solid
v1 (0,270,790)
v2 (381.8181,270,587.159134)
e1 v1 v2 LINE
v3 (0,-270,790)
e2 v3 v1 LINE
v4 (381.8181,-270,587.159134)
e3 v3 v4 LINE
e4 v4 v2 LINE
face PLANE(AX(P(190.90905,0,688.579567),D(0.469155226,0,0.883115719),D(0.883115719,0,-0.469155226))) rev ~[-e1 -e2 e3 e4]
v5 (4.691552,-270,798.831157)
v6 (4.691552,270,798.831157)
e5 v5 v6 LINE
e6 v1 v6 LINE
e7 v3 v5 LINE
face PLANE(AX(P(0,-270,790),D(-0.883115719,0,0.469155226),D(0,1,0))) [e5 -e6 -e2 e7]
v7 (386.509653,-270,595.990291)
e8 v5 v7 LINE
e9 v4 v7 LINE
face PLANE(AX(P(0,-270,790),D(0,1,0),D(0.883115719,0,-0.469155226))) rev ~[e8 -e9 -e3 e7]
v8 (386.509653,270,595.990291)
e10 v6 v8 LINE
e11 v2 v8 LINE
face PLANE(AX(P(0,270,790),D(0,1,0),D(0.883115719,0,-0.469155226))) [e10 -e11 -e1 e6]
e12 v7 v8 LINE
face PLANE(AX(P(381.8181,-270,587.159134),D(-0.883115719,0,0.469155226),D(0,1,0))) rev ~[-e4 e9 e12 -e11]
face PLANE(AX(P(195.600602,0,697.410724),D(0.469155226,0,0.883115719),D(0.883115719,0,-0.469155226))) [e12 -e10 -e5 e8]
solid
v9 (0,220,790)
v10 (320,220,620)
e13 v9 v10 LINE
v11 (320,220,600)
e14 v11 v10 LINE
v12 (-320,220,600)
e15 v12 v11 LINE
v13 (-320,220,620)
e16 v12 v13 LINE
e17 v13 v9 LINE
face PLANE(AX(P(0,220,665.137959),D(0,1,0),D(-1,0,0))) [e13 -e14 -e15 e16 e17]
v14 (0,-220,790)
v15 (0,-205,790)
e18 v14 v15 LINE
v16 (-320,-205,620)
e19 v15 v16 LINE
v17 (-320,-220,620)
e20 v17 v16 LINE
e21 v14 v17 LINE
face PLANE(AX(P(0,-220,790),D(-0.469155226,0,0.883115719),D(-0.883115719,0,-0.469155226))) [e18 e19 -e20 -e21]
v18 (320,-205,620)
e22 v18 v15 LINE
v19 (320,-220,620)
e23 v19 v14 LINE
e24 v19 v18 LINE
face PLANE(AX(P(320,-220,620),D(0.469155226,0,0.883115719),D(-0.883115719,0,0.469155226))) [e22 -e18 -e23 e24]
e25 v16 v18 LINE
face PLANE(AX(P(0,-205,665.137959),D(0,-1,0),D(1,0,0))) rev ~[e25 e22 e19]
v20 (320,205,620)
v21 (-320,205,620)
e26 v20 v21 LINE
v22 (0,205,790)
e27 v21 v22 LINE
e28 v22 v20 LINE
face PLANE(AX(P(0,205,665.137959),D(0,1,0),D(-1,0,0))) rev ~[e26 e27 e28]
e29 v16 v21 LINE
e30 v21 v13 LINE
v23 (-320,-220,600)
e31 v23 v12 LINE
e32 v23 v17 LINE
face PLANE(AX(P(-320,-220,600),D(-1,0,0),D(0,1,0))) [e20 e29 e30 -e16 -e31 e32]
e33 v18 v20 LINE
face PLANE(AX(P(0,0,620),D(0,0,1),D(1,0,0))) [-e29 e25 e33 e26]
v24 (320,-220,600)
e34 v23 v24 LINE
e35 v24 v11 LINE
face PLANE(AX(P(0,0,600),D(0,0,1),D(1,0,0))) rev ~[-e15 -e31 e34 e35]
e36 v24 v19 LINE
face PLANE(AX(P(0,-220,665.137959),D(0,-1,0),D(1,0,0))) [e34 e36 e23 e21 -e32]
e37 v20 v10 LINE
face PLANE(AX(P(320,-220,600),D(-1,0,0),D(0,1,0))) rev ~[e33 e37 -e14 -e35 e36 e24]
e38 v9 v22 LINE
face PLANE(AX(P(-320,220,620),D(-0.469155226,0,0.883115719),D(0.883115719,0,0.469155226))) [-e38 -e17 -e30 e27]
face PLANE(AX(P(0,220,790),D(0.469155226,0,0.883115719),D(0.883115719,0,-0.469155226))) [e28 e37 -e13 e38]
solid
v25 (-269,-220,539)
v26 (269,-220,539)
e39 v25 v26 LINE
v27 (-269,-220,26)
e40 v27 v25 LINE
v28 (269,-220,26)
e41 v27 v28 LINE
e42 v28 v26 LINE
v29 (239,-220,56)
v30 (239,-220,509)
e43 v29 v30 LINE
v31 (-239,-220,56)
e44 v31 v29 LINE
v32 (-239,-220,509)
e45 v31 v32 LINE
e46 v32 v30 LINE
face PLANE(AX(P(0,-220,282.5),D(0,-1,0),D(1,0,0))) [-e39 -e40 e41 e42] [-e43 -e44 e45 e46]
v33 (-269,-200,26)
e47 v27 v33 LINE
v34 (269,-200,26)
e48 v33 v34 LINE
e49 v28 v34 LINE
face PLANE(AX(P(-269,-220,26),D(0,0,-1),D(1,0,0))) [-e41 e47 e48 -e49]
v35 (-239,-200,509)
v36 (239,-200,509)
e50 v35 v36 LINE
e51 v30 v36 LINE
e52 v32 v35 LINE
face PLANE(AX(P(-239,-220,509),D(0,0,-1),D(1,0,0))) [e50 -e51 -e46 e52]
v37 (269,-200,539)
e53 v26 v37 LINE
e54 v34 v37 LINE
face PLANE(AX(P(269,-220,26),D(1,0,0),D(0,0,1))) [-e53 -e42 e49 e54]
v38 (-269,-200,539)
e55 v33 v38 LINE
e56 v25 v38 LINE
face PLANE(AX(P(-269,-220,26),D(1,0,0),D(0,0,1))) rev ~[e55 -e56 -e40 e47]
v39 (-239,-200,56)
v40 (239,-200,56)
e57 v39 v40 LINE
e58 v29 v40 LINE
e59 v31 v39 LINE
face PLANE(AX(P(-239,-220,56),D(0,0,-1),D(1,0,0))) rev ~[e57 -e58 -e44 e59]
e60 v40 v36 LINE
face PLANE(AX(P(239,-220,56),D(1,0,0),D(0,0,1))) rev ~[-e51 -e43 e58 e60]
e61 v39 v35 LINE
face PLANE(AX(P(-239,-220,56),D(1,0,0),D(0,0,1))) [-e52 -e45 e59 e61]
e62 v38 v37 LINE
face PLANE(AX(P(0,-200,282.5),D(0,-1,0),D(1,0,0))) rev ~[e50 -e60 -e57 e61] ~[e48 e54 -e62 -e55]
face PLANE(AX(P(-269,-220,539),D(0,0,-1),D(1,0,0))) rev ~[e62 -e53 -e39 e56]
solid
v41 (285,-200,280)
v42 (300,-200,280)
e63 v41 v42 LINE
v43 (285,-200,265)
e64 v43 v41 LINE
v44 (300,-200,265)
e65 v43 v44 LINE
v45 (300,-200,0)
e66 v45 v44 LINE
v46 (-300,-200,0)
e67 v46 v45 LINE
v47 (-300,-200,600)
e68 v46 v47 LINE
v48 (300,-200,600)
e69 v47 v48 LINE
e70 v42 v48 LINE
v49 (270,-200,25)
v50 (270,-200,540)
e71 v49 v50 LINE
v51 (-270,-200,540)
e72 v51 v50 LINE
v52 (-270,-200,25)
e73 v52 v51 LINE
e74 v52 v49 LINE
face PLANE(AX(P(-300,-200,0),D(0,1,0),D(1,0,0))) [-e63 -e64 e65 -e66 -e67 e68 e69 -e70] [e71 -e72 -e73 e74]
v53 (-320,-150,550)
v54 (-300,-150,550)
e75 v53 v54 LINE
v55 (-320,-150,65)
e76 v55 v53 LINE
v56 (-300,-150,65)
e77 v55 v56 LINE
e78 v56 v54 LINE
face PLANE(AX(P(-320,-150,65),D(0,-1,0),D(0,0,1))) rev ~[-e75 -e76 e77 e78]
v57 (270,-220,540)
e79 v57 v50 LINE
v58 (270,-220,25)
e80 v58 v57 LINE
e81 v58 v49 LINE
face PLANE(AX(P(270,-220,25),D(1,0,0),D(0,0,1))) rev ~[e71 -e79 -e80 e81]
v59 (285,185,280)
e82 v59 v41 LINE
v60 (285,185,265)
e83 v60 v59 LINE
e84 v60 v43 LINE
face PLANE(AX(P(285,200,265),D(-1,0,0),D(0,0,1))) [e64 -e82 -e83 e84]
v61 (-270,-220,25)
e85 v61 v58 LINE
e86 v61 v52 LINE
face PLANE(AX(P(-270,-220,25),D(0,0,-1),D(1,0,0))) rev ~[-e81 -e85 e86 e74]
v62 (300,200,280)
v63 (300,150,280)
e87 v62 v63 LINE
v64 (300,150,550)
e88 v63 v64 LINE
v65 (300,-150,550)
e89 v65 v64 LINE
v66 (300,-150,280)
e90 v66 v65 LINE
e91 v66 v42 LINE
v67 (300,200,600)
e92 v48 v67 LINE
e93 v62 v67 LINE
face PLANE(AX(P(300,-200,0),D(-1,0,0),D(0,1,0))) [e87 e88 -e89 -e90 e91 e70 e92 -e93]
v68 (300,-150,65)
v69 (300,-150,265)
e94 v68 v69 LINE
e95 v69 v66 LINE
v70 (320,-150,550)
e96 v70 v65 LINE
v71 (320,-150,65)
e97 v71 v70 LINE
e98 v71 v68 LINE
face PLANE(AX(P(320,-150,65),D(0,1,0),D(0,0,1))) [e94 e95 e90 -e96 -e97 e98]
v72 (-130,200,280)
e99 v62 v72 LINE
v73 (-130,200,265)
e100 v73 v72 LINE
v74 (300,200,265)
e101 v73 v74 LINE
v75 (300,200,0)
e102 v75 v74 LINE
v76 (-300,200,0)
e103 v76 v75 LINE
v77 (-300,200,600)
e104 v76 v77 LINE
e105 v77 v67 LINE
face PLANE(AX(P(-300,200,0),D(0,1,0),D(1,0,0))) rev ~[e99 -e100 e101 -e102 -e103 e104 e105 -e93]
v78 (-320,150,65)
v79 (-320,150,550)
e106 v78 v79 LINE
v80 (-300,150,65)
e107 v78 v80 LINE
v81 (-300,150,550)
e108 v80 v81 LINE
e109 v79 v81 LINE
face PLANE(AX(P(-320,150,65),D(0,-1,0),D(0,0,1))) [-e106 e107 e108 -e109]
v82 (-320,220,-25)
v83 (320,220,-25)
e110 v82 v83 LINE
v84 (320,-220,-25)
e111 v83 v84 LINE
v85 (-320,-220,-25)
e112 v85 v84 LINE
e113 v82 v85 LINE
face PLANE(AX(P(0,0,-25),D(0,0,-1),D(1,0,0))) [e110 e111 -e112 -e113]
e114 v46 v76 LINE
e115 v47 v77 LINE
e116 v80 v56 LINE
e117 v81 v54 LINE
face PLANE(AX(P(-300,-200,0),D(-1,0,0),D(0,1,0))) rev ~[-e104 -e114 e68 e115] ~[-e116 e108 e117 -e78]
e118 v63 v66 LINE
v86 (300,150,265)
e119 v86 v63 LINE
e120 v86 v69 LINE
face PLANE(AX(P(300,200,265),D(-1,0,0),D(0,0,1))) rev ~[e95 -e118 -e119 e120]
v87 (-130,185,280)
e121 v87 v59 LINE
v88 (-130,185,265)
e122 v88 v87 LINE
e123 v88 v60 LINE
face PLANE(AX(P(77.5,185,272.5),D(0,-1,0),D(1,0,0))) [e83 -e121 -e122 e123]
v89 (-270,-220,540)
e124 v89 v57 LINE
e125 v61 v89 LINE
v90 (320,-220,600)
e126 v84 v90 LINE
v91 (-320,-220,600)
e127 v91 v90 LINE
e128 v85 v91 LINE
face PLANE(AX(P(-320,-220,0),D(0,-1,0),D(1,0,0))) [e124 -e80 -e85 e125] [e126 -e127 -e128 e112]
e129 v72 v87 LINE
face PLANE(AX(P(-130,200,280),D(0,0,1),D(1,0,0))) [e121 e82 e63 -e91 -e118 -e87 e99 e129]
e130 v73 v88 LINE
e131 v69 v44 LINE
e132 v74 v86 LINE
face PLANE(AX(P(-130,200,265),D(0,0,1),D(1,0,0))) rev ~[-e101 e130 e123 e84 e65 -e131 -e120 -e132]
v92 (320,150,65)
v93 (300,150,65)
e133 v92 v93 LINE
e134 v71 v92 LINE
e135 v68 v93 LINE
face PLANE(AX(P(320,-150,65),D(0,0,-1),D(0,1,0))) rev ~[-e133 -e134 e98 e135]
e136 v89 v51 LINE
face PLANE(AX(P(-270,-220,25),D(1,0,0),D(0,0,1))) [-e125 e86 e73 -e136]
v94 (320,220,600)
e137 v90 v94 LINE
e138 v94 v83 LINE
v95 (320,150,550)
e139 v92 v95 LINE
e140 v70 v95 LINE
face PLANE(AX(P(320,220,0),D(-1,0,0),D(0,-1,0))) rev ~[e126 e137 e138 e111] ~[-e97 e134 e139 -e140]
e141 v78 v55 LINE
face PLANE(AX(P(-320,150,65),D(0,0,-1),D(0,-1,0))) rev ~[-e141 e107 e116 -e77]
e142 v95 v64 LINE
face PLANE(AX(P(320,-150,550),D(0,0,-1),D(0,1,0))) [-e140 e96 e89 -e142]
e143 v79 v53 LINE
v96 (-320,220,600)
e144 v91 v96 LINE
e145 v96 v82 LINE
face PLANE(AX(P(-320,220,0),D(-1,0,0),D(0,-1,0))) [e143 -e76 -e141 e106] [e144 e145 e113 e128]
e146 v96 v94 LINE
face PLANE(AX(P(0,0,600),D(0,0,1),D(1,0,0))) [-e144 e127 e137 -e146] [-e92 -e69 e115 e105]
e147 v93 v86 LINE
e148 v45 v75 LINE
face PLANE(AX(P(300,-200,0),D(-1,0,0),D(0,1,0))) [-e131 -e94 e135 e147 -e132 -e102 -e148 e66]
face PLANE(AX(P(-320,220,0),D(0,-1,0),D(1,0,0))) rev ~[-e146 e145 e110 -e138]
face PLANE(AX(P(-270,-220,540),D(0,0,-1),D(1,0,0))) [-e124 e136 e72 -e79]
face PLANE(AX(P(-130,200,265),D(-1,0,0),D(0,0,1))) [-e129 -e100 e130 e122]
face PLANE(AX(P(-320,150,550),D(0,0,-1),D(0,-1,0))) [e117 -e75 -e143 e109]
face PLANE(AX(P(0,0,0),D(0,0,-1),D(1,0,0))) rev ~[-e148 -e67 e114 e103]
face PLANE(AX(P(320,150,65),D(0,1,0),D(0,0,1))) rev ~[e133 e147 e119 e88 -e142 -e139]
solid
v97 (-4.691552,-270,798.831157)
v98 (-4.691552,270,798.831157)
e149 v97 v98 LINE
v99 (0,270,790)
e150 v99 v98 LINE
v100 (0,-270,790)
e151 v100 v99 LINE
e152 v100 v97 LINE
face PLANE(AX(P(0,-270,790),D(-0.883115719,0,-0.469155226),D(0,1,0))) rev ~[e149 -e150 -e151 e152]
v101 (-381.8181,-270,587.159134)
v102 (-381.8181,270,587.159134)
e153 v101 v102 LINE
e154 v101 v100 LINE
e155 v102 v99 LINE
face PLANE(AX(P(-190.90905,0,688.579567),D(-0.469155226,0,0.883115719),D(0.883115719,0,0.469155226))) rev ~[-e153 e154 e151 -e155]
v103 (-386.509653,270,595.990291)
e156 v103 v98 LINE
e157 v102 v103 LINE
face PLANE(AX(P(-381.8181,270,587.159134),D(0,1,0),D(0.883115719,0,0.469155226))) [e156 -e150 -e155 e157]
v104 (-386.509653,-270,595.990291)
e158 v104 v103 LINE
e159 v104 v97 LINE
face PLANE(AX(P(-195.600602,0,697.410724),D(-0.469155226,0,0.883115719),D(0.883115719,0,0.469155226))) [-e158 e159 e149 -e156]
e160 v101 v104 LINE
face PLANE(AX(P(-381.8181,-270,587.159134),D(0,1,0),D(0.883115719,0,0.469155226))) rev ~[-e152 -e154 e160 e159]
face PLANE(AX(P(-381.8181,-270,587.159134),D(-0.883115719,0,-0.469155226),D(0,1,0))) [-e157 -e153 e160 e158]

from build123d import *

# Parameters (mm, degrees)
F0_W      = 640
F0_H      = 440
F0_W_2    = 600
F0_H_2    = 400
F1_DEPTH  = 600
F2_W      = 640
F2_H      = 440
F3_DEPTH  = 20
F4_W      = 300
F4_H      = 485
F5_DEPTH  = 20
F6_W      = 540
F6_H      = 515
F7_DEPTH  = 20
F8_W      = 300
F8_H      = 485
F9_DEPTH  = 640.001
F10_W     = 640
F10_H     = 440
F11_DEPTH = 25
F13_W     = 15
F13_H     = 15
F14_DEPTH = 400
F15_W     = 415
F15_H     = 15
F16_DEPTH = 15
F18_DEPTH = 15
F20_DEPTH = 15
F21_W     = 432.3534186399
F21_H     = 540
F23_DEPTH = 10
F22_W     = 432.3534186399
F22_H     = 540
F24_DEPTH = 10
F25_W     = 538
F25_H     = 513
F25_W_2   = 478
F25_H_2   = 453
F26_DEPTH = 20


with BuildPart() as f1:
    # F0 (on Top) → F1 (new body)
    with BuildSketch(Plane.XY):
        Rectangle(F0_W, F0_H)
        Rectangle(F0_W_2, F0_H_2, mode=Mode.SUBTRACT)
    extrude(amount=F1_DEPTH)

    # F4 (on face) → F5 (cut)
    with BuildSketch(Plane.YZ.offset(320)):
        with Locations((0, 307.5)):
            Rectangle(F4_W, F4_H)
    extrude(amount=-F5_DEPTH, mode=Mode.SUBTRACT)

    # F6 (on face) → F7 (cut)
    with BuildSketch(Plane.XZ.offset(220)):
        with Locations((0, 282.5)):
            Rectangle(F6_W, F6_H)
    extrude(amount=-F7_DEPTH, mode=Mode.SUBTRACT)

    # F8 (on face) → F9 (cut, through all)
    with BuildSketch(Plane(origin=(-320, 0, 0), x_dir=(0, -1, 0), z_dir=(-1, 0, 0))):
        with Locations((0, 307.5)):
            Rectangle(F8_W, F8_H)
    extrude(amount=-F9_DEPTH, mode=Mode.SUBTRACT)

    # F10 (on face) → F11 (join)
    with BuildSketch(Plane(origin=(0, 0, 0), x_dir=(1, 0, 0), z_dir=(0, 0, -1))):
        Rectangle(F10_W, F10_H)
    extrude(amount=F11_DEPTH)

    # F13 (on face) → F14 (join, through all)
    with BuildSketch(Plane.XZ.offset(-200)):
        with Locations((292.5, 272.5)):
            Rectangle(F13_W, F13_H)
    extrude(amount=F14_DEPTH)

    # F15 (on face) → F16 (join)
    with BuildSketch(Plane.XZ.offset(-200)):
        with Locations((77.5, 272.5)):
            Rectangle(F15_W, F15_H)
    extrude(amount=F16_DEPTH)


with BuildPart() as f3:
    # F2 (on face) → F3 (new body)
    with BuildSketch(Plane.XY.offset(600)):
        Rectangle(F2_W, F2_H)
    extrude(amount=F3_DEPTH)

    # F17 (on face) → F18 (join)
    with BuildSketch(Plane.XZ.offset(220)):
        Polygon((0, 790), (-320, 620), (320, 620), align=None)
    extrude(amount=-F18_DEPTH)

    # F19 (on face) → F20 (join)
    with BuildSketch(Plane(origin=(0, 220, 0), x_dir=(-1, 0, 0), z_dir=(0, 1, 0))):
        Polygon((0, 790), (-320, 620), (320, 620), align=None)
    extrude(amount=-F20_DEPTH)


with BuildPart() as f23:
    # F21 (on face) → F23 (new body)
    with BuildSketch(Plane(origin=(-327.3115003808, 0, 616.1157654227), x_dir=(0.8831157195, 0, 0.469155226), z_dir=(-0.469155226, 0, 0.8831157195))):
        with Locations((154.4559191898, 0)):
            Rectangle(F21_W, F21_H)
    extrude(amount=F23_DEPTH)


with BuildPart() as f24:
    # F22 (on face) → F24 (new body)
    with BuildSketch(Plane(origin=(327.3115003808, 0, 616.1157654227), x_dir=(0.8831157195, 0, -0.469155226), z_dir=(0.469155226, 0, 0.8831157195))):
        with Locations((-154.4559191898, 0)):
            Rectangle(F22_W, F22_H)
    extrude(amount=F24_DEPTH)


with BuildPart() as f26:
    # F25 (on face) → F26 (new body)
    with BuildSketch(Plane.XZ.offset(220)):
        with Locations((0, 282.5)):
            Rectangle(F25_W, F25_H)
        with Locations((0, 282.5)):
            Rectangle(F25_W_2, F25_H_2, mode=Mode.SUBTRACT)
    extrude(amount=-F26_DEPTH)


solid = Compound([f1.part, f3.part, f23.part, f24.part, f26.part])
